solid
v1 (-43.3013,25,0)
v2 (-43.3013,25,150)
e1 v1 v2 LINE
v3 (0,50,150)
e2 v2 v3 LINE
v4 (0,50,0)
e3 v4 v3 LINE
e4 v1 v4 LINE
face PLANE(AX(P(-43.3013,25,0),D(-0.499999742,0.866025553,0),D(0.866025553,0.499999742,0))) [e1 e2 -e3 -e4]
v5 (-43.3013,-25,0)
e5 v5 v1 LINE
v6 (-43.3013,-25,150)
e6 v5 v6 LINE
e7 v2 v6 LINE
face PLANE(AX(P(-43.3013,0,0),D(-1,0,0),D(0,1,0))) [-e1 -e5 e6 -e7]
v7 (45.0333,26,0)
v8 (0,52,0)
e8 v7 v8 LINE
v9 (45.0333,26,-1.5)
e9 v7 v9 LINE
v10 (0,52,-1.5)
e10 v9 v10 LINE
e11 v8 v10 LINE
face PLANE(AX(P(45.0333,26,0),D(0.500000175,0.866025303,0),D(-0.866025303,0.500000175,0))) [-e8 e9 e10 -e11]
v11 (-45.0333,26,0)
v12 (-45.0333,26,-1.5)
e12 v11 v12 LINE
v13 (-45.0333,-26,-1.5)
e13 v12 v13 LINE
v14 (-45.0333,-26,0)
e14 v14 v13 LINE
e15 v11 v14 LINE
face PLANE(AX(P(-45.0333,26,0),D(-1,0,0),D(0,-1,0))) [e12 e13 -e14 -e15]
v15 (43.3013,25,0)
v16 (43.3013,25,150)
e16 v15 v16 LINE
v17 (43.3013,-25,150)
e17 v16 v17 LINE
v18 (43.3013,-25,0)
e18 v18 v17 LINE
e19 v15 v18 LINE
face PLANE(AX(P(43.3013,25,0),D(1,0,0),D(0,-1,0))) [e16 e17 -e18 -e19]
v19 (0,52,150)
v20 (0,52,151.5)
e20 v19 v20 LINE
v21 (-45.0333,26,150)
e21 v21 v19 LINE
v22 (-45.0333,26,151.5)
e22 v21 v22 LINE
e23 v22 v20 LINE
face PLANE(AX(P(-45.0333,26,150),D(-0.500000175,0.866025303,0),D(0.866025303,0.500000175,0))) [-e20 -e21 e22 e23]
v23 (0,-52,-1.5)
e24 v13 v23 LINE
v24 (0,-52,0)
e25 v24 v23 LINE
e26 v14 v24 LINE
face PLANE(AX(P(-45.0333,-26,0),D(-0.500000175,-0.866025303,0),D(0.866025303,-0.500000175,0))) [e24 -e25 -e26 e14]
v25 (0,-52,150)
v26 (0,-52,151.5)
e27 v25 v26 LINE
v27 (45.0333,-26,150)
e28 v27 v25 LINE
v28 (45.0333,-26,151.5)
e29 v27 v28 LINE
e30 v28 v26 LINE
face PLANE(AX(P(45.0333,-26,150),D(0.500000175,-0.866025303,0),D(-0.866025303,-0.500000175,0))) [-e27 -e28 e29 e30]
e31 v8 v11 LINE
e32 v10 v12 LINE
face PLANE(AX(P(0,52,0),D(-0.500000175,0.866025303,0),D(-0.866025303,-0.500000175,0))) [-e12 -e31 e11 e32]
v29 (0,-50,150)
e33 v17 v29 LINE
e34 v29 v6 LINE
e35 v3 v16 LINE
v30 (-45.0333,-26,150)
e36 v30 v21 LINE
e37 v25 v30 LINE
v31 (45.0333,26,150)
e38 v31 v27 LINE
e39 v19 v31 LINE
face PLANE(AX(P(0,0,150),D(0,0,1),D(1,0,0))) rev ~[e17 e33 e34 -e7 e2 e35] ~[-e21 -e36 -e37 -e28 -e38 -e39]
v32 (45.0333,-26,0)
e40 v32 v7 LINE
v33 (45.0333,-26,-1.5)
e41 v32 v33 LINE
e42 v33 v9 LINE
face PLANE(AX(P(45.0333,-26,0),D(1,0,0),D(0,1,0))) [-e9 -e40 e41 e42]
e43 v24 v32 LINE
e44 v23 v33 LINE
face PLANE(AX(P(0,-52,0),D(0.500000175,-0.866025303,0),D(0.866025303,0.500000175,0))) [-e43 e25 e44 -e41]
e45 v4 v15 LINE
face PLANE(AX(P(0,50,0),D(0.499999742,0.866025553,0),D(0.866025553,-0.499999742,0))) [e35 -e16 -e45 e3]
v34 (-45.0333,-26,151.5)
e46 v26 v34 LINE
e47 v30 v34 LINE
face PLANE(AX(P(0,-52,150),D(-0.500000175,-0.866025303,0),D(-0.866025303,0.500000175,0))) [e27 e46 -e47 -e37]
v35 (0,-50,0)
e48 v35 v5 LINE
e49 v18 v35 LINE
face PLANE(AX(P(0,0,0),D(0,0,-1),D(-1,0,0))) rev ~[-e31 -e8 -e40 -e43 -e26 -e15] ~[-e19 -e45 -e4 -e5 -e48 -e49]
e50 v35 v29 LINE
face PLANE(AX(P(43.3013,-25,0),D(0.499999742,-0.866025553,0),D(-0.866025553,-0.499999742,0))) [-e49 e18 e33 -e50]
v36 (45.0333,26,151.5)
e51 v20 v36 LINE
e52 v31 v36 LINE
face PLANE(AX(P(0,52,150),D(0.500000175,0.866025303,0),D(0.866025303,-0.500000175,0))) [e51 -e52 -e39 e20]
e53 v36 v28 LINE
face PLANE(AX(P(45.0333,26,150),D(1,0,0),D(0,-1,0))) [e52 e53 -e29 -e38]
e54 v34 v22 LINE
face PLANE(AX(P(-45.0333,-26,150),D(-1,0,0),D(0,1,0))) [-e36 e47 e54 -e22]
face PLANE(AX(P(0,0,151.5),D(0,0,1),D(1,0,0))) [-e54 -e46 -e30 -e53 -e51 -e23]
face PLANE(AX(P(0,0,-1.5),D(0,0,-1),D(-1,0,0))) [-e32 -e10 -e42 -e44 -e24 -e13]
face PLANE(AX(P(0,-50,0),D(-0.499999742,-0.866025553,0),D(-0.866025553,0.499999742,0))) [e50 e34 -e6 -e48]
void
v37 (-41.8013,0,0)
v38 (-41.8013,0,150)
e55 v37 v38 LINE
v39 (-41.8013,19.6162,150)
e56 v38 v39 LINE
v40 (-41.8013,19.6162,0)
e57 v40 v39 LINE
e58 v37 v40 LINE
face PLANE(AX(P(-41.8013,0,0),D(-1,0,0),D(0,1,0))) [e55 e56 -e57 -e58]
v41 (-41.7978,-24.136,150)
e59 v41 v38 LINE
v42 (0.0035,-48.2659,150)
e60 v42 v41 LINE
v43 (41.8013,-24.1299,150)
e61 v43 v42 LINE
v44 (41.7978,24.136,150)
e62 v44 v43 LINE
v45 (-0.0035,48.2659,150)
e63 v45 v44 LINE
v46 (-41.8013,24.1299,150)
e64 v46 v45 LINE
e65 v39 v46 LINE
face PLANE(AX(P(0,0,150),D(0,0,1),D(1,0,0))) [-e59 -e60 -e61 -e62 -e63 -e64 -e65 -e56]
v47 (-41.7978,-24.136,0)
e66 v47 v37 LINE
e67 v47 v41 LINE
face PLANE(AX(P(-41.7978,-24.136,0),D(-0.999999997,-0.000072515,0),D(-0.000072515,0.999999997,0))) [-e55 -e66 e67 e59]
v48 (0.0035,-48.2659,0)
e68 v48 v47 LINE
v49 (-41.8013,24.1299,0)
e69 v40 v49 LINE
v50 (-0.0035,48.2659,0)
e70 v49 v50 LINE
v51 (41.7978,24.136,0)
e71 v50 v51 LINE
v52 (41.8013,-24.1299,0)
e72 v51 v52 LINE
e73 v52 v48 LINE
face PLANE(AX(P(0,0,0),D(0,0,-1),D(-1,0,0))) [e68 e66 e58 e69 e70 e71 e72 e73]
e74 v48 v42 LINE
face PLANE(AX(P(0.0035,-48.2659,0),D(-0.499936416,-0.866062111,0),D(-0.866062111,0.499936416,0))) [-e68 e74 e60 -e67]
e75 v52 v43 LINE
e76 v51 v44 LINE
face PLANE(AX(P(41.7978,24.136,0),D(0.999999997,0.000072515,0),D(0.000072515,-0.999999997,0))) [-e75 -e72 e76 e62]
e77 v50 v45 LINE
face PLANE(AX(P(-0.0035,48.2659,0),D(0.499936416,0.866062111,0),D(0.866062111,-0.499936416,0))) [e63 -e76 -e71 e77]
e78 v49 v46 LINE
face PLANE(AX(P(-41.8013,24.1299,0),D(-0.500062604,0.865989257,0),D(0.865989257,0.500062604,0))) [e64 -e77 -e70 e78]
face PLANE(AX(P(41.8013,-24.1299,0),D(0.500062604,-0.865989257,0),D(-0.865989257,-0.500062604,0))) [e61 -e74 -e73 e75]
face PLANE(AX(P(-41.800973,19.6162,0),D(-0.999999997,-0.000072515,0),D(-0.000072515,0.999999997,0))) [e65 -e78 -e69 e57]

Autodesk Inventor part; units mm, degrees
ref_plane "YZ Plane" through (0, 0, 0) normal (1, 0, 0) x (0, 1, 0)
ref_plane "XZ Plane" through (0, 0, 0) normal (0, 1, 0) x (-1, 0, 0)
ref_plane "XY Plane" through (0, 0, 0) normal (0, 0, 1) x (1, 0, 0)
sketch "Sketch1" plane through (0, 0, 0) normal (0, 0, 1) x (1, 0, 0)
  line L0 (0, 50) -> (43.3013, 25)
  line L1 (43.3013, 25) -> (43.3013, -25)
  line L2 (43.3013, -25) -> (0, -50)
  line L3 (0, -50) -> (-43.3013, -25)
  line L4 (-43.3013, -25) -> (-43.3013, 25)
  line L5 (-43.3013, 25) -> (0, 50)
  line L6 (-43.3013, 0) -> (-41.8013, 0)
  line L7 (-41.8013, 0) -> (-41.8013, 19.6162)
  line L8 (-41.8013, 0) -> (-41.8013, -22.4019)
  line L9 (-41.8013, 24.1299) -> (-0.0035, 48.2659)
  line L10 (-0.0035, 48.2659) -> (41.7978, 24.136)
  line L11 (41.7978, 24.136) -> (41.8013, -24.1299)
  line L12 (41.8013, -24.1299) -> (0.0035, -48.2659)
  line L13 (0.0035, -48.2659) -> (-41.7978, -24.136)
  line L14 (-41.7978, -24.136) -> (-41.8013, 24.1299)
  point P0 (0, 0)
  point P1 (41.8008, -18.0468)
  point P2 (43.3013, -18.0468)
  point P3 (41.8009, -18.3387)
  point P4 (43.3013, -18.3387)
  dimension "d0" = 50
  dimension "d11" = 1.5
  dimension "d12" = 0.004
  dimension "d13" = 1.5004
extrude "Extrusion3" add sketch "Sketch1" along normal blind 150
sketch "Sketch2" plane through (0, 0, 150) normal (0, 0, 1) x (1, 0, 0)
  line L0 (0, 0) -> (0, 52)
  line L1 (0, 52) -> (45.0333, 26)
  line L2 (45.0333, 26) -> (45.0333, -26)
  line L3 (45.0333, -26) -> (0, -52)
  line L4 (0, -52) -> (-45.0333, -26)
  line L5 (-45.0333, -26) -> (-45.0333, 26)
  line L6 (-45.0333, 26) -> (0, 52)
  dimension "d16" = 52
  dimension "d17" = 52
extrude "Extrusion4" add sketch "Sketch2" along normal blind 1.5
sketch "Sketch3" plane through (0, 0, 0) normal (0, 0, -1) x (-1, 0, 0)
  line L0 (45.0333, -26) -> (0, -52) projected
  line L1 (0, -52) -> (-45.0333, -26)
  line L2 (-45.0333, -26) -> (-45.0333, 26)
  line L3 (-45.0333, 26) -> (0, 52)
  line L4 (0, 52) -> (45.0333, 26)
  line L5 (45.0333, 26) -> (45.0333, -26)
  line L6 (45.0333, -26) -> (0, -52)
  point P0 (0, 0)
  point P1 (0, 0)
  dimension "d20" = 52
extrude "Extrusion5" add sketch "Sketch3" along normal blind 1.5
properties part number "Hexagono"
